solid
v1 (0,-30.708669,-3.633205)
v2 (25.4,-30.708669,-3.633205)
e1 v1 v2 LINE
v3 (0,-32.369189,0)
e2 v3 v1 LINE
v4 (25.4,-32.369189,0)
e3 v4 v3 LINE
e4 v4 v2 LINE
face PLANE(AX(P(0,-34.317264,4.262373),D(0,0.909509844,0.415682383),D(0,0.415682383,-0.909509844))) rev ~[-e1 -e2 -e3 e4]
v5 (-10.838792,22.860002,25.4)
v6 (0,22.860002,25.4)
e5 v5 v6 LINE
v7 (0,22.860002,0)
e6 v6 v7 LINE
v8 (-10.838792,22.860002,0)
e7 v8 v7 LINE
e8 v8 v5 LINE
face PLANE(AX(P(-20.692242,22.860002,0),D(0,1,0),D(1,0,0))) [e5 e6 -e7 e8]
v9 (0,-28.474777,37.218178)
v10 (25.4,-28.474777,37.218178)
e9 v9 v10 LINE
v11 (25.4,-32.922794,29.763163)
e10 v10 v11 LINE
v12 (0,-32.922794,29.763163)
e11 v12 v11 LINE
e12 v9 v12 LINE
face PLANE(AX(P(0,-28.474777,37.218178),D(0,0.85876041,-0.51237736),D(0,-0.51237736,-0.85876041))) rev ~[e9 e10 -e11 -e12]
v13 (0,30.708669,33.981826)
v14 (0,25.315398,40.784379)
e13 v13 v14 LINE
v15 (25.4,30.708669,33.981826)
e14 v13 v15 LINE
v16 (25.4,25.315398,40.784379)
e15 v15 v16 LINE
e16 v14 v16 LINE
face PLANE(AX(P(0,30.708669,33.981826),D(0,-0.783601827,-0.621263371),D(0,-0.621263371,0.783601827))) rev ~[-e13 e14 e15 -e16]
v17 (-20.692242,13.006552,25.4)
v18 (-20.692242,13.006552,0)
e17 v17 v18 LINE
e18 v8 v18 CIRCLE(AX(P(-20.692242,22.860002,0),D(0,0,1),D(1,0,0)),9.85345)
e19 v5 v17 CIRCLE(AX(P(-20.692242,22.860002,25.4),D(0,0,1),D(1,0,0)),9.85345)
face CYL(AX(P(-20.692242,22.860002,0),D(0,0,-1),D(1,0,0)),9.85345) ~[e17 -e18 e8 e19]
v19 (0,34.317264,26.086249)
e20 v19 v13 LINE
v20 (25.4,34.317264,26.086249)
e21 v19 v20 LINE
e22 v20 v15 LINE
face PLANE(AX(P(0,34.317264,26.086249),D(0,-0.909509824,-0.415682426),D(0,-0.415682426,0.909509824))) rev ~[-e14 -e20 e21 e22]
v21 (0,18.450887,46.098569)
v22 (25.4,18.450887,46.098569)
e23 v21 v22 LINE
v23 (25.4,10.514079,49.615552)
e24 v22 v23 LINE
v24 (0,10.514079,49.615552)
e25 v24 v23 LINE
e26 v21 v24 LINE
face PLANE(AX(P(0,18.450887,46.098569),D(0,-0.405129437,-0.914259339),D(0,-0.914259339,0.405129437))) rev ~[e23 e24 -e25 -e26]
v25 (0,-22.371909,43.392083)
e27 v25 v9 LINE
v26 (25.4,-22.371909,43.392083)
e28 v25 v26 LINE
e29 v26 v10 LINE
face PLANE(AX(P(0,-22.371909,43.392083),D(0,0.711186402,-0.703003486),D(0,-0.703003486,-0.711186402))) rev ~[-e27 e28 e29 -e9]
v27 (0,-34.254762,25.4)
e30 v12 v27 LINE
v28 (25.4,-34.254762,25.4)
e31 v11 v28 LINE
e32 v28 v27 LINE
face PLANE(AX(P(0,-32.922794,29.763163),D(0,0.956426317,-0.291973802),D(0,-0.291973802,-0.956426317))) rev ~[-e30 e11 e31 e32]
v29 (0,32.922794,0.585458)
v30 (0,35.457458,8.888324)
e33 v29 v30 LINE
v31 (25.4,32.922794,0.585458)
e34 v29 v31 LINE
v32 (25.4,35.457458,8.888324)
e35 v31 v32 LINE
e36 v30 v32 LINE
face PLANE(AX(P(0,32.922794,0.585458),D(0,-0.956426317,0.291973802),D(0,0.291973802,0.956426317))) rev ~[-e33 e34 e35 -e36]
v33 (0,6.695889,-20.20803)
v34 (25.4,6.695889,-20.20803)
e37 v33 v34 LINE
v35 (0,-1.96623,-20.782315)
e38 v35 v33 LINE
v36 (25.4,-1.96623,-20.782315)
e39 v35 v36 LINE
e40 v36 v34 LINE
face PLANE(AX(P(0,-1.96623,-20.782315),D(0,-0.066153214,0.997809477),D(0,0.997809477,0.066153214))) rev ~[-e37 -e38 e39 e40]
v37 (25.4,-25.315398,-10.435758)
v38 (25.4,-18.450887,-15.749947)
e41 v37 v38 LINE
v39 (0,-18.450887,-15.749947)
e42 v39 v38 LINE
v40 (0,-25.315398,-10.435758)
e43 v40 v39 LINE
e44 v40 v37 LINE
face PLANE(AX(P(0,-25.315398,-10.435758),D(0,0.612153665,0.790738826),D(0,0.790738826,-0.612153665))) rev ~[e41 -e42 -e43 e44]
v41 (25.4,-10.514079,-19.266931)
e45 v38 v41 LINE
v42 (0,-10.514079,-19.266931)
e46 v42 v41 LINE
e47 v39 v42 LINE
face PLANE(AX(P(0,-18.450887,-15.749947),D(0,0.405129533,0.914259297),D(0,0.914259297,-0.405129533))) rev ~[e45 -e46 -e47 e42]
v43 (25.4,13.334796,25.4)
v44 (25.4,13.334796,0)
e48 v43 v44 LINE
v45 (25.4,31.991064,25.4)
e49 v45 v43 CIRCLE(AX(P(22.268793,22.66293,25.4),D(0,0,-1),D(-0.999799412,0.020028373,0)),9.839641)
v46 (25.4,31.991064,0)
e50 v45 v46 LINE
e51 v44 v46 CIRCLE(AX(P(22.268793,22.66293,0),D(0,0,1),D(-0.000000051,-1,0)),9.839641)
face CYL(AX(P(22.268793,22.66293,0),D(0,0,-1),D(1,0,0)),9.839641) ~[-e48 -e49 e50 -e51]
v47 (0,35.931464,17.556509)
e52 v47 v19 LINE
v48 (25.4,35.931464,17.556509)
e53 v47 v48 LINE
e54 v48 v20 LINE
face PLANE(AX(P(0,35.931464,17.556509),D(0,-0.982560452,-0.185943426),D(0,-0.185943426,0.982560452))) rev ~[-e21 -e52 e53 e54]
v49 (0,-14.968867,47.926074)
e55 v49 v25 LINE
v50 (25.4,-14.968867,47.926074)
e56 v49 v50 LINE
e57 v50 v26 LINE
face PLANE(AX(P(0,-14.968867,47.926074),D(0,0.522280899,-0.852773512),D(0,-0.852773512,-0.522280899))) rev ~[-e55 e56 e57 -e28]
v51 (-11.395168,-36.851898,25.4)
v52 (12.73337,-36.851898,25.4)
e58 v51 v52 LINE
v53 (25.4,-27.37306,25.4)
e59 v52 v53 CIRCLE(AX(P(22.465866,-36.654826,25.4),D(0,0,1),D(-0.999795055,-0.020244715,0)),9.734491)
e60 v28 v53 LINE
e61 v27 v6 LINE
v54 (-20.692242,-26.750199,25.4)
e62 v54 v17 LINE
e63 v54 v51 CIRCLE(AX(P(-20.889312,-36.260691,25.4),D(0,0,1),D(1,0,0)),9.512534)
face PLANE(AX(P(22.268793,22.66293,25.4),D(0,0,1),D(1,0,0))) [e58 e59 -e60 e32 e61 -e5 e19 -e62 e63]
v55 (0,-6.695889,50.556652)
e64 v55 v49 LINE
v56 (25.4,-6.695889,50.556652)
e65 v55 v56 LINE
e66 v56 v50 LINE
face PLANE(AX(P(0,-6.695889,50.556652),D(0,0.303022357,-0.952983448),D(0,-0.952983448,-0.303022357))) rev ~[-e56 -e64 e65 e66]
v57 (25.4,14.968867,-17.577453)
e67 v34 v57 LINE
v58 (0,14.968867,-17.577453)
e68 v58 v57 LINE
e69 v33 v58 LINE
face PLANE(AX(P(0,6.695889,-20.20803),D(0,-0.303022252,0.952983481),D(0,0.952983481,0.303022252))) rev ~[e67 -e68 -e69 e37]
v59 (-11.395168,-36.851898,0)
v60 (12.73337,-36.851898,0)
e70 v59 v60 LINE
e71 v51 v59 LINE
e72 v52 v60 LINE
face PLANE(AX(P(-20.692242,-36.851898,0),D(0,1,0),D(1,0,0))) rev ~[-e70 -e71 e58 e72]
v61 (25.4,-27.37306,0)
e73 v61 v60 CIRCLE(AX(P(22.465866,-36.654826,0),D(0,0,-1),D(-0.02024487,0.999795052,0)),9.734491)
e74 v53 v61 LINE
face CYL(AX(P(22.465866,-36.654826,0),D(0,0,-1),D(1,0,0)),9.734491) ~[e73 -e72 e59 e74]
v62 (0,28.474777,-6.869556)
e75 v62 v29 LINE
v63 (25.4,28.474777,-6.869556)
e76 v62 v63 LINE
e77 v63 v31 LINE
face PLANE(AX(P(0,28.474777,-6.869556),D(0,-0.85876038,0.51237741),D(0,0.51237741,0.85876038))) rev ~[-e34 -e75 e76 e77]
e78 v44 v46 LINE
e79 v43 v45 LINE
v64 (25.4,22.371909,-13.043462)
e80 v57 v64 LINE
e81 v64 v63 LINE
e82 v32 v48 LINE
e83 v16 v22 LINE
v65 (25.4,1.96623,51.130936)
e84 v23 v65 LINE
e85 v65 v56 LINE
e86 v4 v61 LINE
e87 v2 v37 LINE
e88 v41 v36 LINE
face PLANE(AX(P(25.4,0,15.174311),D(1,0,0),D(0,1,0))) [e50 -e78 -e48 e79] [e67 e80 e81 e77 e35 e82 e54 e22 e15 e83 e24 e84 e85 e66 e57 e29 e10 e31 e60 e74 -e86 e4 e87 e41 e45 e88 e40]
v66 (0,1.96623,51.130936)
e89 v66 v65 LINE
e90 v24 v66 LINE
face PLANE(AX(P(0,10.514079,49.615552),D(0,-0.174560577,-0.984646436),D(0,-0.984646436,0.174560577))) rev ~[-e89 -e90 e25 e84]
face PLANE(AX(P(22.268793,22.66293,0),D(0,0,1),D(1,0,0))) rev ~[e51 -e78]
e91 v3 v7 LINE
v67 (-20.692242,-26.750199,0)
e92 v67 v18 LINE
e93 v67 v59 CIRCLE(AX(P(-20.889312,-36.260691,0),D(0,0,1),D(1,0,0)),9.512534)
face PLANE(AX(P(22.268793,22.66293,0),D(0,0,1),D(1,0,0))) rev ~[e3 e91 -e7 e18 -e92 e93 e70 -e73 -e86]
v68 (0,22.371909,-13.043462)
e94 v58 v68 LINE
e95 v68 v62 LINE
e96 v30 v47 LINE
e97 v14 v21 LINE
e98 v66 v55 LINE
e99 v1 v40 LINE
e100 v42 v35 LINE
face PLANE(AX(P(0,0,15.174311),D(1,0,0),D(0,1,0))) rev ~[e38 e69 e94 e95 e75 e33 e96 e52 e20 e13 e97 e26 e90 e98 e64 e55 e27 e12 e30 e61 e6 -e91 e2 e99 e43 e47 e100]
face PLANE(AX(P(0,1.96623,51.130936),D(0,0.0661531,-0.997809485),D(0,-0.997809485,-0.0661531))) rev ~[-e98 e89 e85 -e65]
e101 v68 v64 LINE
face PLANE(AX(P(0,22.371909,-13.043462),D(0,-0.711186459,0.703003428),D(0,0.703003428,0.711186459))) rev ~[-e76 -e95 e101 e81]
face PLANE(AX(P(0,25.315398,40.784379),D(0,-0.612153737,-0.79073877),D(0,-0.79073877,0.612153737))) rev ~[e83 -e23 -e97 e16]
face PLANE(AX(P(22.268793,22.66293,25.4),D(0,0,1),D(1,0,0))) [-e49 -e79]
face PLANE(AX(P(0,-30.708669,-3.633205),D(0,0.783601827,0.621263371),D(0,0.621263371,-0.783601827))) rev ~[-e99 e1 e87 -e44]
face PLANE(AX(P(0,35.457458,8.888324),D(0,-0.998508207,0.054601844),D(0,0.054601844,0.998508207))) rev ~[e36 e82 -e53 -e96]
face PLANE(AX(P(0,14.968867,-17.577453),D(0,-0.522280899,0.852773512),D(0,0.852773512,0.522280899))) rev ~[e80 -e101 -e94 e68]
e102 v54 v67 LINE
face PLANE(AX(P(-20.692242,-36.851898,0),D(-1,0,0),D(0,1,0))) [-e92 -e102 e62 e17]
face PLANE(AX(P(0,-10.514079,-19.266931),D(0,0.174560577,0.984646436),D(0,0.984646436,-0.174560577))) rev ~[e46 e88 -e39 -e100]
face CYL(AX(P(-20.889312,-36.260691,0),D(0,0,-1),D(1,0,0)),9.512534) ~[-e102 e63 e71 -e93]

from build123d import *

# Parameters (mm, degrees)
F0_W     = 42.961035
F0_H     = 59.7119
F1_DEPTH = 25.4
F2_R     = 9.839641
F2_R_2   = 9.85345
F2_R_3   = 9.734491
F2_R_4   = 9.512534
F3_DEPTH = 25.4
F5_DEPTH = 25.4


with BuildPart() as f1:
    # F0 (on Top) → F1 (new body)
    with BuildSketch(Plane.XY):
        with Locations((0.788275, -6.995948)):
            Rectangle(F0_W, F0_H)
    extrude(amount=F1_DEPTH)

    # F2 (on Top) → F3 (join)
    with BuildSketch(Plane.XY):
        with Locations((22.268793, 22.66293)):
            Circle(F2_R)
        with Locations((-20.692242, 22.860002)):
            Circle(F2_R_2)
        with Locations((22.465866, -36.654826)):
            Circle(F2_R_3)
        with Locations((-20.889312, -36.260691)):
            Circle(F2_R_4)
    extrude(amount=F3_DEPTH)

    # F4 (on Right) → F5 (join)
    with BuildSketch(Plane.YZ):
        Polygon((-1.96623, -20.782315), (6.695889, -20.20803), (14.968867, -17.577453), (22.371909, -13.043462), (28.474777, -6.869556), (32.922794, 0.585458), (35.457458, 8.888324), (35.931464, 17.556509), (34.317264, 26.086249), (30.708669, 33.981826), (25.315398, 40.784379), (18.450887, 46.098569), (10.514079, 49.615552), (1.96623, 51.130936), (-6.695889, 50.556652), (-14.968867, 47.926074), (-22.371909, 43.392083), (-28.474777, 37.218178), (-32.922794, 29.763163), (-35.457458, 21.460297), (-35.931464, 12.792113), (-34.317264, 4.262373), (-30.708669, -3.633205), (-25.315398, -10.435758), (-18.450887, -15.749947), (-10.514079, -19.266931), align=None)
    extrude(amount=F5_DEPTH)


solid = f1.part
